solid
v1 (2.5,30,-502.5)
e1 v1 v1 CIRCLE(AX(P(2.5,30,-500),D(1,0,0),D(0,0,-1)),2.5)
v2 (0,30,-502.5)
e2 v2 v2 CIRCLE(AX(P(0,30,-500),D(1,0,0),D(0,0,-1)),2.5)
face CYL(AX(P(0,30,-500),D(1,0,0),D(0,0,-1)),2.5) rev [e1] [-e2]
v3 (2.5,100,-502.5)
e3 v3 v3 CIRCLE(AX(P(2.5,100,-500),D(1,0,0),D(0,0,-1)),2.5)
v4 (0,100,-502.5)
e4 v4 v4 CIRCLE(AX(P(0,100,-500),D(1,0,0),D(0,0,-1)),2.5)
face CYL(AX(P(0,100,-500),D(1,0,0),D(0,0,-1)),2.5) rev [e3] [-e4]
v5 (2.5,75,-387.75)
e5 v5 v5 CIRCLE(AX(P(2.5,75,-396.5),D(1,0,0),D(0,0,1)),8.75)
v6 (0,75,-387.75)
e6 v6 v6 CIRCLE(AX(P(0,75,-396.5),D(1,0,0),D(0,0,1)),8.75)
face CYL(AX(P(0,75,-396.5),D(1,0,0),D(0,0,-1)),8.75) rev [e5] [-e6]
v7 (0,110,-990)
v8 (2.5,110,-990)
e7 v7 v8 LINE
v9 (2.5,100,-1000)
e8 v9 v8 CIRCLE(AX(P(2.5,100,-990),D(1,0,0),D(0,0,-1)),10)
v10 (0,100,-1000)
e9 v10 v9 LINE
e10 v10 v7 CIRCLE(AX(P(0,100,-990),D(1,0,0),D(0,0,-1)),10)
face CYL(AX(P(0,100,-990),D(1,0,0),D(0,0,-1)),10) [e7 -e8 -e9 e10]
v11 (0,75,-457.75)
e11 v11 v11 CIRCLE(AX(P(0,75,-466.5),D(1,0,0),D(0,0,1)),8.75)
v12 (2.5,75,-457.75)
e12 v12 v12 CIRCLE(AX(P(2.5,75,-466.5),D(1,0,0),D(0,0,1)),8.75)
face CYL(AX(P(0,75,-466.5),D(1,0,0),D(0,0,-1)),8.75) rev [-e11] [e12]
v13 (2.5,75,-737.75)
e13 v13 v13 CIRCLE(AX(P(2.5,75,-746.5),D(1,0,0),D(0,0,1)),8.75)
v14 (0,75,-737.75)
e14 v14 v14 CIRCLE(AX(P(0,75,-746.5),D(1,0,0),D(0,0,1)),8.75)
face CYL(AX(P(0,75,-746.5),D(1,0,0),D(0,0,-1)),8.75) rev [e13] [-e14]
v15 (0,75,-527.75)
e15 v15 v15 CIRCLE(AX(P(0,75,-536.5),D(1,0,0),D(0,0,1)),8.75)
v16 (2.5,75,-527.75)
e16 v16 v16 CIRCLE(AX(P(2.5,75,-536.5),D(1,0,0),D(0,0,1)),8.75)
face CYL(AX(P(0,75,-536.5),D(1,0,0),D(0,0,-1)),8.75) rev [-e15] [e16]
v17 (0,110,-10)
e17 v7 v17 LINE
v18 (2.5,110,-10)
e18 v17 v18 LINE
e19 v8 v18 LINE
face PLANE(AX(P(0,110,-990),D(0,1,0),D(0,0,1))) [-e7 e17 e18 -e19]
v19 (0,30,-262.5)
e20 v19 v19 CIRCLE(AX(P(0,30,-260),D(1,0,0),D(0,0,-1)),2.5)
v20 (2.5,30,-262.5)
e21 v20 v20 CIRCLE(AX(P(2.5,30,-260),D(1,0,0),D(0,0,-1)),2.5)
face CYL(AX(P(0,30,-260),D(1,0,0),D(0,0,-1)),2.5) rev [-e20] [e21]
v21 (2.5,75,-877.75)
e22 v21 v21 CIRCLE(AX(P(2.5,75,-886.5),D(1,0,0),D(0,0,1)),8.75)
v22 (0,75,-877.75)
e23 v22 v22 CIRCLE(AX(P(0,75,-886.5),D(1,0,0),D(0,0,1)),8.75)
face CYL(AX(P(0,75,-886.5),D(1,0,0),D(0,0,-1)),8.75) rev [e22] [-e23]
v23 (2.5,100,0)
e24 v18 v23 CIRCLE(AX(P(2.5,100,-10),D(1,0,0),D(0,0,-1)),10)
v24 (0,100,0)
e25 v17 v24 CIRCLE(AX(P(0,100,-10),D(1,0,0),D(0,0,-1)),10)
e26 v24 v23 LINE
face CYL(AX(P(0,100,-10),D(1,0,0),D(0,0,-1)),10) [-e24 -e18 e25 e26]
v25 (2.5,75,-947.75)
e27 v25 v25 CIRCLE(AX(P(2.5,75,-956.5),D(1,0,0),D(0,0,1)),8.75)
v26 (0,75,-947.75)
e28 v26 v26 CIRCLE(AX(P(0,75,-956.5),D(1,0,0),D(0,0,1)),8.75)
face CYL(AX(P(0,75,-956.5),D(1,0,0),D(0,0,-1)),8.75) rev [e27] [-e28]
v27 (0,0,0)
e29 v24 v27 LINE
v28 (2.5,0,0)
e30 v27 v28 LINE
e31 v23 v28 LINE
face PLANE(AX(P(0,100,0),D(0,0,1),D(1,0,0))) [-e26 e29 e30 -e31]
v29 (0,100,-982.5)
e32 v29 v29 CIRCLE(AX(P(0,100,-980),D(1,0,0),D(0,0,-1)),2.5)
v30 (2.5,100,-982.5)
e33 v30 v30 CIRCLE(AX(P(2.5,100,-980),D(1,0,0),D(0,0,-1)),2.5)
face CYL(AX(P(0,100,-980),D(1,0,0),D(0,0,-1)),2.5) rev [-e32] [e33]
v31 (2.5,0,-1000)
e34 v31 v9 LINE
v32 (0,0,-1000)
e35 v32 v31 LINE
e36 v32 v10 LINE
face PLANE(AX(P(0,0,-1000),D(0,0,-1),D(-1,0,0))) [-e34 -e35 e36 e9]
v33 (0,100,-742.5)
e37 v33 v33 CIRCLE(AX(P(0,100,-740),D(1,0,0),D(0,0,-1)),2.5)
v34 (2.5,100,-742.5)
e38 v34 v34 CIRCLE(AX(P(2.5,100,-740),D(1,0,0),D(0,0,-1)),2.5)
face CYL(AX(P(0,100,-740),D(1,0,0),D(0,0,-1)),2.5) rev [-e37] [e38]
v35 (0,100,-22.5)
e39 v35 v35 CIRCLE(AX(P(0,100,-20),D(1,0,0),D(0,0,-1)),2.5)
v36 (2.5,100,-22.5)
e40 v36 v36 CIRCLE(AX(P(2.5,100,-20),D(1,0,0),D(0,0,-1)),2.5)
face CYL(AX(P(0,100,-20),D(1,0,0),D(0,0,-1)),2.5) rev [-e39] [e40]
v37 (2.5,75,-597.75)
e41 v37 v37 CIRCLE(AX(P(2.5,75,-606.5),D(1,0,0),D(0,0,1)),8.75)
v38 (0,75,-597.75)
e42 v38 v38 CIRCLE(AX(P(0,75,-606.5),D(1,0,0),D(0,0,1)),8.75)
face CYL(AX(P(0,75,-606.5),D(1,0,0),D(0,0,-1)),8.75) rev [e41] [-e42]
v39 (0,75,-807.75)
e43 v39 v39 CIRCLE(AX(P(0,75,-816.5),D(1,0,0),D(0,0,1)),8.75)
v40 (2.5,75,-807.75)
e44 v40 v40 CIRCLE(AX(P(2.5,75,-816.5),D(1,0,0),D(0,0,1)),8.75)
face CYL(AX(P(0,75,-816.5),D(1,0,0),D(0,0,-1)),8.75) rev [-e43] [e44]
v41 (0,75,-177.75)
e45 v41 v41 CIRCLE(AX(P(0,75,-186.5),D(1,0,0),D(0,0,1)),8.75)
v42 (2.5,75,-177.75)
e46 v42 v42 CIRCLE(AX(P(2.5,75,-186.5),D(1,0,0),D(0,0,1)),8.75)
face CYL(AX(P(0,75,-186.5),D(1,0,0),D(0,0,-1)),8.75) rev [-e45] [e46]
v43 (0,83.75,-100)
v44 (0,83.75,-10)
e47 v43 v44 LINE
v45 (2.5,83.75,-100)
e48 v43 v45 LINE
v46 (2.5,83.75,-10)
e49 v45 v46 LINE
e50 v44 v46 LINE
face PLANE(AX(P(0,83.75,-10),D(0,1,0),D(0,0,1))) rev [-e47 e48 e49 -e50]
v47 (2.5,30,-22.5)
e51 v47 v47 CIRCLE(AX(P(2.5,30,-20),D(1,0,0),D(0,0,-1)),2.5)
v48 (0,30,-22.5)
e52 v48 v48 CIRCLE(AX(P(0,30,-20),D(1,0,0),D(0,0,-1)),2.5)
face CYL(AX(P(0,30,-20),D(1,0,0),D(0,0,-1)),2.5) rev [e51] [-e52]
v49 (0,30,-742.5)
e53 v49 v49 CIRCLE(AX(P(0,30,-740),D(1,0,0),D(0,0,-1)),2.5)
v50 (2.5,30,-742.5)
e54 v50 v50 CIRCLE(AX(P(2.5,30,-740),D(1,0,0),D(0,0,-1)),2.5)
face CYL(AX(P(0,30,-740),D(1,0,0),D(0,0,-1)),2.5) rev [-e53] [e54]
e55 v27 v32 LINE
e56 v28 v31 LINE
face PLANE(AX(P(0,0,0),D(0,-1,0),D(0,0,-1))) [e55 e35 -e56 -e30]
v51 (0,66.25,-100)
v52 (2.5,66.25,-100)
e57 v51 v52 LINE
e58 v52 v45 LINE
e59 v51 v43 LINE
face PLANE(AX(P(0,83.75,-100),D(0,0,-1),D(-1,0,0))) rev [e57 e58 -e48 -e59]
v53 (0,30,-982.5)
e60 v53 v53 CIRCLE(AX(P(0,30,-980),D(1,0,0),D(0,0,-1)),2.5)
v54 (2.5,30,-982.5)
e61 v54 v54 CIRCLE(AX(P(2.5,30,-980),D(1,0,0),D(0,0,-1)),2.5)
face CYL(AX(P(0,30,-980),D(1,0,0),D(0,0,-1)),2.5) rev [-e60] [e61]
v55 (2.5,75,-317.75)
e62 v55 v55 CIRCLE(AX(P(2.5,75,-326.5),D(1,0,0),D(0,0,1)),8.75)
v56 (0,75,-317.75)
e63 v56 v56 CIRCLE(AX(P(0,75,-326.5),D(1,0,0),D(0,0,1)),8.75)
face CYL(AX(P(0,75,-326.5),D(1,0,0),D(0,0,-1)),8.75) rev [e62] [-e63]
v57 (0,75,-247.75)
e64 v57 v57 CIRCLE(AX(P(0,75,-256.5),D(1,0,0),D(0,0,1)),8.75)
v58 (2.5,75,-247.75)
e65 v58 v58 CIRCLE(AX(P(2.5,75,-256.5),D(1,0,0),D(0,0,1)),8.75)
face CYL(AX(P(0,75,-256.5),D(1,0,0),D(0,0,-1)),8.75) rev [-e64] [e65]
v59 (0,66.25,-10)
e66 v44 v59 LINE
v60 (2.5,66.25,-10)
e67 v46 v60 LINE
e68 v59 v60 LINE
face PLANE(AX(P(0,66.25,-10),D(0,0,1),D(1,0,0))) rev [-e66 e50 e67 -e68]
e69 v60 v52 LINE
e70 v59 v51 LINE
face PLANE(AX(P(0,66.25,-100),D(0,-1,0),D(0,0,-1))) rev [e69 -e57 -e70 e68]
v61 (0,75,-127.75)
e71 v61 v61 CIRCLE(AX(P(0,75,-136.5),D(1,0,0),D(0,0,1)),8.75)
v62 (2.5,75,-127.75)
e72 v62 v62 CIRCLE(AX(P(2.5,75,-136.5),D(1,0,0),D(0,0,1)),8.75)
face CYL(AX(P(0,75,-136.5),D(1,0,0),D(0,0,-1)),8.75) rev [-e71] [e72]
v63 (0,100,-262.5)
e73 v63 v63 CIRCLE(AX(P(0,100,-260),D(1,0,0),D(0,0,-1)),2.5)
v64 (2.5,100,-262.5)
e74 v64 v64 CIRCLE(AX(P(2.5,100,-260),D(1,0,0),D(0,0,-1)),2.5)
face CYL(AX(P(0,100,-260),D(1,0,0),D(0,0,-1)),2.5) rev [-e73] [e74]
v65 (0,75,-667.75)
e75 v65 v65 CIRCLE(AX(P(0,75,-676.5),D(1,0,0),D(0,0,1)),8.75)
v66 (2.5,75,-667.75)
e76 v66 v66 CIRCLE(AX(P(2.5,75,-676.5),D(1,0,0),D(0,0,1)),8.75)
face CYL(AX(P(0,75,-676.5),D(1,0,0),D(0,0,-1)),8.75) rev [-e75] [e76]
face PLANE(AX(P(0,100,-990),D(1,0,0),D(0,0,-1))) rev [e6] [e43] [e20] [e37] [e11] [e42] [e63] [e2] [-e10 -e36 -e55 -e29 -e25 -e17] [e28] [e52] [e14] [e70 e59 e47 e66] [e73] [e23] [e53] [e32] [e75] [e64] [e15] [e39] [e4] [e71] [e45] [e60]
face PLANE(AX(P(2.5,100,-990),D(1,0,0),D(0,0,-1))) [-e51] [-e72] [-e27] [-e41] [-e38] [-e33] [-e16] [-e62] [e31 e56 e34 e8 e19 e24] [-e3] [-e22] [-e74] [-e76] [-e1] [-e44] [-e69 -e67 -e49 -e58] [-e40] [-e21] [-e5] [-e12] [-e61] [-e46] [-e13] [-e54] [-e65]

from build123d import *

# Parameters (mm, degrees)
SKETCH1_R           = 8.75
SKETCH1_W           = 90
SKETCH1_H           = 17.5
BOSS_EXTRUDE1_DEPTH = 2.5
SKETCH2_R           = 2.5
CUT_EXTRUDE1_DEPTH  = 1007.034914901


with BuildPart() as part:
    # Sketch1 → Boss-Extrude1 (new body)
    with BuildSketch(Plane(origin=(2.5, 0, 0), x_dir=(0, 0, -1), z_dir=(1, 0, 0))):
        with BuildLine():
            Line((1000, 0), (1000, 100))
            ThreePointArc((1000, 100), (997.071067812, 107.071067812), (990, 110))
            Line((990, 110), (10, 110))
            ThreePointArc((10, 110), (2.928932188, 107.071067812), (0, 100))
            Line((0, 100), (0, 0))
            Line((0, 0), (1000, 0))
        make_face()
        with Locations(Location((136.5, 75, 0), (0, 0, 180))):
            Circle(SKETCH1_R, mode=Mode.SUBTRACT)
        with Locations(Location((186.5, 75, 0), (0, 0, 180))):
            Circle(SKETCH1_R, mode=Mode.SUBTRACT)
        with Locations(Location((256.5, 75, 0), (0, 0, 180))):
            Circle(SKETCH1_R, mode=Mode.SUBTRACT)
        with Locations(Location((326.5, 75, 0), (0, 0, 180))):
            Circle(SKETCH1_R, mode=Mode.SUBTRACT)
        with Locations(Location((396.5, 75, 0), (0, 0, 180))):
            Circle(SKETCH1_R, mode=Mode.SUBTRACT)
        with Locations(Location((466.5, 75, 0), (0, 0, 180))):
            Circle(SKETCH1_R, mode=Mode.SUBTRACT)
        with Locations(Location((536.5, 75, 0), (0, 0, 180))):
            Circle(SKETCH1_R, mode=Mode.SUBTRACT)
        with Locations(Location((606.5, 75, 0), (0, 0, 180))):
            Circle(SKETCH1_R, mode=Mode.SUBTRACT)
        with Locations(Location((676.5, 75, 0), (0, 0, 180))):
            Circle(SKETCH1_R, mode=Mode.SUBTRACT)
        with Locations(Location((746.5, 75, 0), (0, 0, 180))):
            Circle(SKETCH1_R, mode=Mode.SUBTRACT)
        with Locations(Location((816.5, 75, 0), (0, 0, 180))):
            Circle(SKETCH1_R, mode=Mode.SUBTRACT)
        with Locations(Location((886.5, 75, 0), (0, 0, 180))):
            Circle(SKETCH1_R, mode=Mode.SUBTRACT)
        with Locations(Location((956.5, 75, 0), (0, 0, 180))):
            Circle(SKETCH1_R, mode=Mode.SUBTRACT)
        with Locations((55, 75)):
            Rectangle(SKETCH1_W, SKETCH1_H, mode=Mode.SUBTRACT)
    extrude(amount=-BOSS_EXTRUDE1_DEPTH)

    # Sketch2 → Cut-Extrude1 (cut, through all)
    with BuildSketch(Plane(origin=(2.5, 0, 0), x_dir=(0, 0, -1), z_dir=(1, 0, 0))):
        with Locations((500, 100)):
            Circle(SKETCH2_R)
        with Locations((20, 100)):
            Circle(SKETCH2_R)
        with Locations((980, 100)):
            Circle(SKETCH2_R)
        with Locations((980, 30)):
            Circle(SKETCH2_R)
        with Locations((500, 30)):
            Circle(SKETCH2_R)
        with Locations((20, 30)):
            Circle(SKETCH2_R)
        with Locations((260, 100)):
            Circle(SKETCH2_R)
        with Locations((260, 30)):
            Circle(SKETCH2_R)
        with Locations((740, 100)):
            Circle(SKETCH2_R)
        with Locations((740, 30)):
            Circle(SKETCH2_R)
    extrude(amount=-CUT_EXTRUDE1_DEPTH, mode=Mode.SUBTRACT)


solid = part.part
